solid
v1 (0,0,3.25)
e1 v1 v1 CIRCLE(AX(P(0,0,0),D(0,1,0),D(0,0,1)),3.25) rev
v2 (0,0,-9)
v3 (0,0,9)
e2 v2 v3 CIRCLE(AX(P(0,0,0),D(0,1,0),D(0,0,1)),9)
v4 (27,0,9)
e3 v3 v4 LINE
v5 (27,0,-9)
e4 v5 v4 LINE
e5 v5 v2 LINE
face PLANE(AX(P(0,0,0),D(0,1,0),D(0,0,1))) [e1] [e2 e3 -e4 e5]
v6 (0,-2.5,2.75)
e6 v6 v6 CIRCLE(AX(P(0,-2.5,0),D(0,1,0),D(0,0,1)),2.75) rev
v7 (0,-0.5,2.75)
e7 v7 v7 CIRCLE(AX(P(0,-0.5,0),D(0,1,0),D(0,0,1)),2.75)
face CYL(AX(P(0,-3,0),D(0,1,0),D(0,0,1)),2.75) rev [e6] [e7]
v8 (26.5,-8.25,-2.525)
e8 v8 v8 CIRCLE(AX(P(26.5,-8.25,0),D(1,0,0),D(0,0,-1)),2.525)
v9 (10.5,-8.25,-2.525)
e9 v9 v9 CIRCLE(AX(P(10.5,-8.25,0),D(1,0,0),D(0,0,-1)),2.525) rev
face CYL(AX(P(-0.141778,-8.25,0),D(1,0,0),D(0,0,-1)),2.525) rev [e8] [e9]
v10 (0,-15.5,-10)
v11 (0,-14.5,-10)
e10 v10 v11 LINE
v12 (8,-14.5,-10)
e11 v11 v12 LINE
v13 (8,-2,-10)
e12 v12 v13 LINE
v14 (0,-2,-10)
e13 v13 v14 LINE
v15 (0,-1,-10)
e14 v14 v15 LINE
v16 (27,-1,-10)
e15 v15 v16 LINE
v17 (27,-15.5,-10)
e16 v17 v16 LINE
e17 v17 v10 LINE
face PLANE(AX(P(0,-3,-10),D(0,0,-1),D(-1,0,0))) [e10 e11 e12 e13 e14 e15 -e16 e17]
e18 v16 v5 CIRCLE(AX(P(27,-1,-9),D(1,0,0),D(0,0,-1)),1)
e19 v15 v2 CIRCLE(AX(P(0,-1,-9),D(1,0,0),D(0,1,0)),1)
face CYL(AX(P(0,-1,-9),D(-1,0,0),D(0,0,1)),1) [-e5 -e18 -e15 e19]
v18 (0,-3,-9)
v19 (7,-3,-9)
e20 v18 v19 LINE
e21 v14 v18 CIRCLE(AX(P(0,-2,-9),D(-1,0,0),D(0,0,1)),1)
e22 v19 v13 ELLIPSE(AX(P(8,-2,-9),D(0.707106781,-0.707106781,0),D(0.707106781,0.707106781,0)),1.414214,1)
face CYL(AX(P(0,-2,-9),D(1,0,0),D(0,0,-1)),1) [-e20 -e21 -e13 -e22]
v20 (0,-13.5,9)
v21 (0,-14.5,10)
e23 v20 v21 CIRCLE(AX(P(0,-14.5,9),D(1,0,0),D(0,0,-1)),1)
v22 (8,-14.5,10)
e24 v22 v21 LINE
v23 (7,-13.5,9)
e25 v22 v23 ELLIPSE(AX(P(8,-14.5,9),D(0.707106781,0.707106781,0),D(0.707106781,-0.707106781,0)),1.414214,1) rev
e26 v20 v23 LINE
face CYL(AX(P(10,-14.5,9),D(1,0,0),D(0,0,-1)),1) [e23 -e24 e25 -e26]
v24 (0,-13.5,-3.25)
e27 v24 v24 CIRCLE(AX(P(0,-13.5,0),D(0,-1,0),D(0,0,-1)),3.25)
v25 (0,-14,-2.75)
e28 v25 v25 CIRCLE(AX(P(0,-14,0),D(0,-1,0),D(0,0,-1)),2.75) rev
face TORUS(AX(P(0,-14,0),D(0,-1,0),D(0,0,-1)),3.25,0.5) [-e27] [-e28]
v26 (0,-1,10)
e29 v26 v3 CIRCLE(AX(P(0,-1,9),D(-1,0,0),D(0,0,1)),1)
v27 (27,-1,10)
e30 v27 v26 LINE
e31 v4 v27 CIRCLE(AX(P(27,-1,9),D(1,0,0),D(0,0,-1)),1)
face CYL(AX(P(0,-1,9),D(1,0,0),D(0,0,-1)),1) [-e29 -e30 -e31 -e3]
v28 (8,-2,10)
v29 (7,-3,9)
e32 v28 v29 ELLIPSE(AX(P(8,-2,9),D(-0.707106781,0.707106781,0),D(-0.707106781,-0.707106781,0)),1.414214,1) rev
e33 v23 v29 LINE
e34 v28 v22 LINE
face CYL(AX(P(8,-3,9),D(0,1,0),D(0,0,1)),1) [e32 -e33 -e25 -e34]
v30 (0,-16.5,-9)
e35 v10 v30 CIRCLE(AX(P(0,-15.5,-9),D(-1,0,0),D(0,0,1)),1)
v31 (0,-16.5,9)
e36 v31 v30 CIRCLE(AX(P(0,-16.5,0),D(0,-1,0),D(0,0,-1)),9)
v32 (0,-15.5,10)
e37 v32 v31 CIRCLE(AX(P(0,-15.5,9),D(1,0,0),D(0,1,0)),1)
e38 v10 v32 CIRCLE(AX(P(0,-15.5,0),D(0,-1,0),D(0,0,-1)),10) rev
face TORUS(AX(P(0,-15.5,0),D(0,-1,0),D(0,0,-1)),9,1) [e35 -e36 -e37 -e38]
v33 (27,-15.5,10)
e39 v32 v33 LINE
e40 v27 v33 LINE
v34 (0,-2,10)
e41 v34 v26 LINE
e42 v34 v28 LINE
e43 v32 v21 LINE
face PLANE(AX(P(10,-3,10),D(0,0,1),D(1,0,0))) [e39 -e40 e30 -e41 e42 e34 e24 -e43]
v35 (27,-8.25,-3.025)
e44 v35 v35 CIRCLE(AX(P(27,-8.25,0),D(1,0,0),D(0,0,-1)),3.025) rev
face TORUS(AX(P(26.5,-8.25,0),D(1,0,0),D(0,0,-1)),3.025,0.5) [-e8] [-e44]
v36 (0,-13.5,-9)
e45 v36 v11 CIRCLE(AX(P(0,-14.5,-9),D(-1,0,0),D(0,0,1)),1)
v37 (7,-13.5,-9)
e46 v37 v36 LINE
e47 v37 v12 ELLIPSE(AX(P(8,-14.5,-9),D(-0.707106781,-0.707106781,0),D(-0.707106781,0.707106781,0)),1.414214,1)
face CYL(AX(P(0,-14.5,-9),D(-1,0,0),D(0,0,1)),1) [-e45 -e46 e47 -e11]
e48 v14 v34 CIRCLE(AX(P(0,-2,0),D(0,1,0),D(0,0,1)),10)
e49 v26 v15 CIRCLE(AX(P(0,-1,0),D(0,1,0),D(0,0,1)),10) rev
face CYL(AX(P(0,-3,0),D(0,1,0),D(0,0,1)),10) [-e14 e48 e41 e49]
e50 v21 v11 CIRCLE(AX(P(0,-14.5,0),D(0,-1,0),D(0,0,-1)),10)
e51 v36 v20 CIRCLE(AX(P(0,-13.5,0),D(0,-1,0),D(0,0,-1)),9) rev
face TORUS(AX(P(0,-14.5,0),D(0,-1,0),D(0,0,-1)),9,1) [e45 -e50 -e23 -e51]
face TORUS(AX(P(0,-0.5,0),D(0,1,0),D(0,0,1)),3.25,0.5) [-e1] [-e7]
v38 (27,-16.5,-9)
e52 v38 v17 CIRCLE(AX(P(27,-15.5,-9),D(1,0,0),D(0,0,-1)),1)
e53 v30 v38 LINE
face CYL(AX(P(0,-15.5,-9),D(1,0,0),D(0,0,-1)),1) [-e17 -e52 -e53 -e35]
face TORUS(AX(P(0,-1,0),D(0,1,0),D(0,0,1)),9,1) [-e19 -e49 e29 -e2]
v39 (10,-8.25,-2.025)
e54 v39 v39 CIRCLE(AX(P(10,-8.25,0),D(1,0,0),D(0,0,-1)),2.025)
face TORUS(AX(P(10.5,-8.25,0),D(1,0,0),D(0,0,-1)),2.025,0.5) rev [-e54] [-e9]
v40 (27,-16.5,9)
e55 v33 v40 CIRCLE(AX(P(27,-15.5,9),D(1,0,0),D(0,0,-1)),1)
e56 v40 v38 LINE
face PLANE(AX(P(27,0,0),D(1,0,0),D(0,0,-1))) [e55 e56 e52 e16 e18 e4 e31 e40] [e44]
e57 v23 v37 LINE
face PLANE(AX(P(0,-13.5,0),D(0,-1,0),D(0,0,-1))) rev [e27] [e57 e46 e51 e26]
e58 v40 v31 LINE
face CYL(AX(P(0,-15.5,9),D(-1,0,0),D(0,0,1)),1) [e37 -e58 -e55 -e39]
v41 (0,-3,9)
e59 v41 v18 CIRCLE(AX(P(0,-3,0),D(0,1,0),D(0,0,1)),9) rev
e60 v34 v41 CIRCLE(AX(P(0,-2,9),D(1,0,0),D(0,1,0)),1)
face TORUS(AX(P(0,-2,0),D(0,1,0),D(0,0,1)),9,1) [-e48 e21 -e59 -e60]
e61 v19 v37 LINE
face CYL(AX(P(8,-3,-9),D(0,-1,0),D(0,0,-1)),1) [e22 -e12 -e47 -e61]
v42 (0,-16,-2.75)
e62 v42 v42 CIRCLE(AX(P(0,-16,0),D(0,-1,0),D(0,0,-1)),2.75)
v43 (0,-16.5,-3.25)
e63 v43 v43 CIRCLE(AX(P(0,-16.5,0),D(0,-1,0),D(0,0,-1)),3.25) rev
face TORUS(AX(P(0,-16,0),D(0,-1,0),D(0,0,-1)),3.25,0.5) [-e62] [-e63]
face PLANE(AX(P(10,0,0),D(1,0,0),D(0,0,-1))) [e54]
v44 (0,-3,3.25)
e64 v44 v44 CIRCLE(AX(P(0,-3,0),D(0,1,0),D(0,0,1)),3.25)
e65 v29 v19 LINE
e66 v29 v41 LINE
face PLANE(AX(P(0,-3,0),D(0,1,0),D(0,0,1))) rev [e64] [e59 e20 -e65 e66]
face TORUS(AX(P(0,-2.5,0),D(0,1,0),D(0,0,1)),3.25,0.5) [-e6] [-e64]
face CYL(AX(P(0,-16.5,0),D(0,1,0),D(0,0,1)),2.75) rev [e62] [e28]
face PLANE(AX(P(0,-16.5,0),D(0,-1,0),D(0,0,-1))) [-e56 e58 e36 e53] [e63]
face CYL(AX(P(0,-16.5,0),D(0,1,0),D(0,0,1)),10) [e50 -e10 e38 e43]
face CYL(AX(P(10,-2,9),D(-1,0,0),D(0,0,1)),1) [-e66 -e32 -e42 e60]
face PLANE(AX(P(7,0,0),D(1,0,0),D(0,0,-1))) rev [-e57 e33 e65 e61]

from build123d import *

# Parameters (mm, degrees)
SKETCH2_R           = 2.75
BOSS_EXTRUDE1_DEPTH = 3
SKETCH3_W           = 20
SKETCH3_H           = 13.5
BOSS_EXTRUDE2_DEPTH = 3
SKETCH4_R           = 2.75
BOSS_EXTRUDE3_DEPTH = 3
SKETCH5_W           = 20
SKETCH5_H           = 16.5
BOSS_EXTRUDE4_DEPTH = 17
SKETCH6_R           = 2.525
CUT_EXTRUDE1_DEPTH  = 17
FILLET1_R           = 1
FILLET2_R           = 0.5


with BuildPart() as part:
    # Sketch2 → Boss-Extrude1 (new body)
    with BuildSketch(Plane(origin=(0, 0, 0), x_dir=(1, 0, 0), z_dir=(0, 1, 0))):
        with BuildLine():
            Line((0, 10), (10, 10))
            Line((10, 10), (10, -10))
            Line((10, -10), (0, -10))
            ThreePointArc((0, -10), (-10, 0), (0, 10))
        make_face()
        Circle(SKETCH2_R, mode=Mode.SUBTRACT)
    extrude(amount=-BOSS_EXTRUDE1_DEPTH)

    # Sketch3 → Boss-Extrude2 (add)
    with BuildSketch(Plane(origin=(10, 0, 0), x_dir=(0, 0, -1), z_dir=(1, 0, 0))):
        with Locations((0, -6.75)):
            Rectangle(SKETCH3_W, SKETCH3_H)
    extrude(amount=-BOSS_EXTRUDE2_DEPTH)

    # Sketch4 → Boss-Extrude3 (add)
    with BuildSketch(Plane.XZ.offset(13.5)):
        with BuildLine():
            Line((0, -10), (10, -10))
            Line((10, -10), (10, 10))
            Line((10, 10), (0, 10))
            ThreePointArc((0, 10), (-10, 0), (0, -10))
        make_face()
        Circle(SKETCH4_R, mode=Mode.SUBTRACT)
    extrude(amount=BOSS_EXTRUDE3_DEPTH)

    # Sketch5 → Boss-Extrude4 (add)
    with BuildSketch(Plane(origin=(10, 0, 0), x_dir=(0, 0, -1), z_dir=(1, 0, 0))):
        with Locations((0, -8.25)):
            Rectangle(SKETCH5_W, SKETCH5_H)
    extrude(amount=BOSS_EXTRUDE4_DEPTH)

    # Sketch6 → Cut-Extrude1 (cut)
    with BuildSketch(Plane(origin=(27, 0, 0), x_dir=(0, 0, -1), z_dir=(1, 0, 0))):
        with Locations((0, -8.25)):
            Circle(SKETCH6_R)
    extrude(amount=-CUT_EXTRUDE1_DEPTH, mode=Mode.SUBTRACT)

    # Fillet1
    fillet1_edges = [part.edges().sort_by_distance(p)[0] for p in [
        (3.5, -3, -10),
        (7, -8.25, 10),
        (7, -8.25, -10),
        (13.5, -16.5, 10),
        (-10, -16.5, 0),
        (13.5, -16.5, -10),
        (3.5, -13.5, 10),
        (-10, -13.5, 0),
        (3.5, -13.5, -10),
        (-10, -3, 0),
        (13.5, 0, -10),
        (13.5, 0, 10),
        (-10, 0, 0),
        (3.5, -3, 10),
    ]]
    fillet(fillet1_edges, radius=FILLET1_R)

    # Fillet2
    fillet2_edges = [part.edges().sort_by_distance(p)[0] for p in [
        (-2.75, -3, 0),
        (-2.75, 0, 0),
        (-2.75, -13.5, 0),
        (-2.75, -16.5, 0),
        (27, -8.25, 2.525),
        (10, -8.25, 2.525),
    ]]
    fillet(fillet2_edges, radius=FILLET2_R)


solid = part.part
